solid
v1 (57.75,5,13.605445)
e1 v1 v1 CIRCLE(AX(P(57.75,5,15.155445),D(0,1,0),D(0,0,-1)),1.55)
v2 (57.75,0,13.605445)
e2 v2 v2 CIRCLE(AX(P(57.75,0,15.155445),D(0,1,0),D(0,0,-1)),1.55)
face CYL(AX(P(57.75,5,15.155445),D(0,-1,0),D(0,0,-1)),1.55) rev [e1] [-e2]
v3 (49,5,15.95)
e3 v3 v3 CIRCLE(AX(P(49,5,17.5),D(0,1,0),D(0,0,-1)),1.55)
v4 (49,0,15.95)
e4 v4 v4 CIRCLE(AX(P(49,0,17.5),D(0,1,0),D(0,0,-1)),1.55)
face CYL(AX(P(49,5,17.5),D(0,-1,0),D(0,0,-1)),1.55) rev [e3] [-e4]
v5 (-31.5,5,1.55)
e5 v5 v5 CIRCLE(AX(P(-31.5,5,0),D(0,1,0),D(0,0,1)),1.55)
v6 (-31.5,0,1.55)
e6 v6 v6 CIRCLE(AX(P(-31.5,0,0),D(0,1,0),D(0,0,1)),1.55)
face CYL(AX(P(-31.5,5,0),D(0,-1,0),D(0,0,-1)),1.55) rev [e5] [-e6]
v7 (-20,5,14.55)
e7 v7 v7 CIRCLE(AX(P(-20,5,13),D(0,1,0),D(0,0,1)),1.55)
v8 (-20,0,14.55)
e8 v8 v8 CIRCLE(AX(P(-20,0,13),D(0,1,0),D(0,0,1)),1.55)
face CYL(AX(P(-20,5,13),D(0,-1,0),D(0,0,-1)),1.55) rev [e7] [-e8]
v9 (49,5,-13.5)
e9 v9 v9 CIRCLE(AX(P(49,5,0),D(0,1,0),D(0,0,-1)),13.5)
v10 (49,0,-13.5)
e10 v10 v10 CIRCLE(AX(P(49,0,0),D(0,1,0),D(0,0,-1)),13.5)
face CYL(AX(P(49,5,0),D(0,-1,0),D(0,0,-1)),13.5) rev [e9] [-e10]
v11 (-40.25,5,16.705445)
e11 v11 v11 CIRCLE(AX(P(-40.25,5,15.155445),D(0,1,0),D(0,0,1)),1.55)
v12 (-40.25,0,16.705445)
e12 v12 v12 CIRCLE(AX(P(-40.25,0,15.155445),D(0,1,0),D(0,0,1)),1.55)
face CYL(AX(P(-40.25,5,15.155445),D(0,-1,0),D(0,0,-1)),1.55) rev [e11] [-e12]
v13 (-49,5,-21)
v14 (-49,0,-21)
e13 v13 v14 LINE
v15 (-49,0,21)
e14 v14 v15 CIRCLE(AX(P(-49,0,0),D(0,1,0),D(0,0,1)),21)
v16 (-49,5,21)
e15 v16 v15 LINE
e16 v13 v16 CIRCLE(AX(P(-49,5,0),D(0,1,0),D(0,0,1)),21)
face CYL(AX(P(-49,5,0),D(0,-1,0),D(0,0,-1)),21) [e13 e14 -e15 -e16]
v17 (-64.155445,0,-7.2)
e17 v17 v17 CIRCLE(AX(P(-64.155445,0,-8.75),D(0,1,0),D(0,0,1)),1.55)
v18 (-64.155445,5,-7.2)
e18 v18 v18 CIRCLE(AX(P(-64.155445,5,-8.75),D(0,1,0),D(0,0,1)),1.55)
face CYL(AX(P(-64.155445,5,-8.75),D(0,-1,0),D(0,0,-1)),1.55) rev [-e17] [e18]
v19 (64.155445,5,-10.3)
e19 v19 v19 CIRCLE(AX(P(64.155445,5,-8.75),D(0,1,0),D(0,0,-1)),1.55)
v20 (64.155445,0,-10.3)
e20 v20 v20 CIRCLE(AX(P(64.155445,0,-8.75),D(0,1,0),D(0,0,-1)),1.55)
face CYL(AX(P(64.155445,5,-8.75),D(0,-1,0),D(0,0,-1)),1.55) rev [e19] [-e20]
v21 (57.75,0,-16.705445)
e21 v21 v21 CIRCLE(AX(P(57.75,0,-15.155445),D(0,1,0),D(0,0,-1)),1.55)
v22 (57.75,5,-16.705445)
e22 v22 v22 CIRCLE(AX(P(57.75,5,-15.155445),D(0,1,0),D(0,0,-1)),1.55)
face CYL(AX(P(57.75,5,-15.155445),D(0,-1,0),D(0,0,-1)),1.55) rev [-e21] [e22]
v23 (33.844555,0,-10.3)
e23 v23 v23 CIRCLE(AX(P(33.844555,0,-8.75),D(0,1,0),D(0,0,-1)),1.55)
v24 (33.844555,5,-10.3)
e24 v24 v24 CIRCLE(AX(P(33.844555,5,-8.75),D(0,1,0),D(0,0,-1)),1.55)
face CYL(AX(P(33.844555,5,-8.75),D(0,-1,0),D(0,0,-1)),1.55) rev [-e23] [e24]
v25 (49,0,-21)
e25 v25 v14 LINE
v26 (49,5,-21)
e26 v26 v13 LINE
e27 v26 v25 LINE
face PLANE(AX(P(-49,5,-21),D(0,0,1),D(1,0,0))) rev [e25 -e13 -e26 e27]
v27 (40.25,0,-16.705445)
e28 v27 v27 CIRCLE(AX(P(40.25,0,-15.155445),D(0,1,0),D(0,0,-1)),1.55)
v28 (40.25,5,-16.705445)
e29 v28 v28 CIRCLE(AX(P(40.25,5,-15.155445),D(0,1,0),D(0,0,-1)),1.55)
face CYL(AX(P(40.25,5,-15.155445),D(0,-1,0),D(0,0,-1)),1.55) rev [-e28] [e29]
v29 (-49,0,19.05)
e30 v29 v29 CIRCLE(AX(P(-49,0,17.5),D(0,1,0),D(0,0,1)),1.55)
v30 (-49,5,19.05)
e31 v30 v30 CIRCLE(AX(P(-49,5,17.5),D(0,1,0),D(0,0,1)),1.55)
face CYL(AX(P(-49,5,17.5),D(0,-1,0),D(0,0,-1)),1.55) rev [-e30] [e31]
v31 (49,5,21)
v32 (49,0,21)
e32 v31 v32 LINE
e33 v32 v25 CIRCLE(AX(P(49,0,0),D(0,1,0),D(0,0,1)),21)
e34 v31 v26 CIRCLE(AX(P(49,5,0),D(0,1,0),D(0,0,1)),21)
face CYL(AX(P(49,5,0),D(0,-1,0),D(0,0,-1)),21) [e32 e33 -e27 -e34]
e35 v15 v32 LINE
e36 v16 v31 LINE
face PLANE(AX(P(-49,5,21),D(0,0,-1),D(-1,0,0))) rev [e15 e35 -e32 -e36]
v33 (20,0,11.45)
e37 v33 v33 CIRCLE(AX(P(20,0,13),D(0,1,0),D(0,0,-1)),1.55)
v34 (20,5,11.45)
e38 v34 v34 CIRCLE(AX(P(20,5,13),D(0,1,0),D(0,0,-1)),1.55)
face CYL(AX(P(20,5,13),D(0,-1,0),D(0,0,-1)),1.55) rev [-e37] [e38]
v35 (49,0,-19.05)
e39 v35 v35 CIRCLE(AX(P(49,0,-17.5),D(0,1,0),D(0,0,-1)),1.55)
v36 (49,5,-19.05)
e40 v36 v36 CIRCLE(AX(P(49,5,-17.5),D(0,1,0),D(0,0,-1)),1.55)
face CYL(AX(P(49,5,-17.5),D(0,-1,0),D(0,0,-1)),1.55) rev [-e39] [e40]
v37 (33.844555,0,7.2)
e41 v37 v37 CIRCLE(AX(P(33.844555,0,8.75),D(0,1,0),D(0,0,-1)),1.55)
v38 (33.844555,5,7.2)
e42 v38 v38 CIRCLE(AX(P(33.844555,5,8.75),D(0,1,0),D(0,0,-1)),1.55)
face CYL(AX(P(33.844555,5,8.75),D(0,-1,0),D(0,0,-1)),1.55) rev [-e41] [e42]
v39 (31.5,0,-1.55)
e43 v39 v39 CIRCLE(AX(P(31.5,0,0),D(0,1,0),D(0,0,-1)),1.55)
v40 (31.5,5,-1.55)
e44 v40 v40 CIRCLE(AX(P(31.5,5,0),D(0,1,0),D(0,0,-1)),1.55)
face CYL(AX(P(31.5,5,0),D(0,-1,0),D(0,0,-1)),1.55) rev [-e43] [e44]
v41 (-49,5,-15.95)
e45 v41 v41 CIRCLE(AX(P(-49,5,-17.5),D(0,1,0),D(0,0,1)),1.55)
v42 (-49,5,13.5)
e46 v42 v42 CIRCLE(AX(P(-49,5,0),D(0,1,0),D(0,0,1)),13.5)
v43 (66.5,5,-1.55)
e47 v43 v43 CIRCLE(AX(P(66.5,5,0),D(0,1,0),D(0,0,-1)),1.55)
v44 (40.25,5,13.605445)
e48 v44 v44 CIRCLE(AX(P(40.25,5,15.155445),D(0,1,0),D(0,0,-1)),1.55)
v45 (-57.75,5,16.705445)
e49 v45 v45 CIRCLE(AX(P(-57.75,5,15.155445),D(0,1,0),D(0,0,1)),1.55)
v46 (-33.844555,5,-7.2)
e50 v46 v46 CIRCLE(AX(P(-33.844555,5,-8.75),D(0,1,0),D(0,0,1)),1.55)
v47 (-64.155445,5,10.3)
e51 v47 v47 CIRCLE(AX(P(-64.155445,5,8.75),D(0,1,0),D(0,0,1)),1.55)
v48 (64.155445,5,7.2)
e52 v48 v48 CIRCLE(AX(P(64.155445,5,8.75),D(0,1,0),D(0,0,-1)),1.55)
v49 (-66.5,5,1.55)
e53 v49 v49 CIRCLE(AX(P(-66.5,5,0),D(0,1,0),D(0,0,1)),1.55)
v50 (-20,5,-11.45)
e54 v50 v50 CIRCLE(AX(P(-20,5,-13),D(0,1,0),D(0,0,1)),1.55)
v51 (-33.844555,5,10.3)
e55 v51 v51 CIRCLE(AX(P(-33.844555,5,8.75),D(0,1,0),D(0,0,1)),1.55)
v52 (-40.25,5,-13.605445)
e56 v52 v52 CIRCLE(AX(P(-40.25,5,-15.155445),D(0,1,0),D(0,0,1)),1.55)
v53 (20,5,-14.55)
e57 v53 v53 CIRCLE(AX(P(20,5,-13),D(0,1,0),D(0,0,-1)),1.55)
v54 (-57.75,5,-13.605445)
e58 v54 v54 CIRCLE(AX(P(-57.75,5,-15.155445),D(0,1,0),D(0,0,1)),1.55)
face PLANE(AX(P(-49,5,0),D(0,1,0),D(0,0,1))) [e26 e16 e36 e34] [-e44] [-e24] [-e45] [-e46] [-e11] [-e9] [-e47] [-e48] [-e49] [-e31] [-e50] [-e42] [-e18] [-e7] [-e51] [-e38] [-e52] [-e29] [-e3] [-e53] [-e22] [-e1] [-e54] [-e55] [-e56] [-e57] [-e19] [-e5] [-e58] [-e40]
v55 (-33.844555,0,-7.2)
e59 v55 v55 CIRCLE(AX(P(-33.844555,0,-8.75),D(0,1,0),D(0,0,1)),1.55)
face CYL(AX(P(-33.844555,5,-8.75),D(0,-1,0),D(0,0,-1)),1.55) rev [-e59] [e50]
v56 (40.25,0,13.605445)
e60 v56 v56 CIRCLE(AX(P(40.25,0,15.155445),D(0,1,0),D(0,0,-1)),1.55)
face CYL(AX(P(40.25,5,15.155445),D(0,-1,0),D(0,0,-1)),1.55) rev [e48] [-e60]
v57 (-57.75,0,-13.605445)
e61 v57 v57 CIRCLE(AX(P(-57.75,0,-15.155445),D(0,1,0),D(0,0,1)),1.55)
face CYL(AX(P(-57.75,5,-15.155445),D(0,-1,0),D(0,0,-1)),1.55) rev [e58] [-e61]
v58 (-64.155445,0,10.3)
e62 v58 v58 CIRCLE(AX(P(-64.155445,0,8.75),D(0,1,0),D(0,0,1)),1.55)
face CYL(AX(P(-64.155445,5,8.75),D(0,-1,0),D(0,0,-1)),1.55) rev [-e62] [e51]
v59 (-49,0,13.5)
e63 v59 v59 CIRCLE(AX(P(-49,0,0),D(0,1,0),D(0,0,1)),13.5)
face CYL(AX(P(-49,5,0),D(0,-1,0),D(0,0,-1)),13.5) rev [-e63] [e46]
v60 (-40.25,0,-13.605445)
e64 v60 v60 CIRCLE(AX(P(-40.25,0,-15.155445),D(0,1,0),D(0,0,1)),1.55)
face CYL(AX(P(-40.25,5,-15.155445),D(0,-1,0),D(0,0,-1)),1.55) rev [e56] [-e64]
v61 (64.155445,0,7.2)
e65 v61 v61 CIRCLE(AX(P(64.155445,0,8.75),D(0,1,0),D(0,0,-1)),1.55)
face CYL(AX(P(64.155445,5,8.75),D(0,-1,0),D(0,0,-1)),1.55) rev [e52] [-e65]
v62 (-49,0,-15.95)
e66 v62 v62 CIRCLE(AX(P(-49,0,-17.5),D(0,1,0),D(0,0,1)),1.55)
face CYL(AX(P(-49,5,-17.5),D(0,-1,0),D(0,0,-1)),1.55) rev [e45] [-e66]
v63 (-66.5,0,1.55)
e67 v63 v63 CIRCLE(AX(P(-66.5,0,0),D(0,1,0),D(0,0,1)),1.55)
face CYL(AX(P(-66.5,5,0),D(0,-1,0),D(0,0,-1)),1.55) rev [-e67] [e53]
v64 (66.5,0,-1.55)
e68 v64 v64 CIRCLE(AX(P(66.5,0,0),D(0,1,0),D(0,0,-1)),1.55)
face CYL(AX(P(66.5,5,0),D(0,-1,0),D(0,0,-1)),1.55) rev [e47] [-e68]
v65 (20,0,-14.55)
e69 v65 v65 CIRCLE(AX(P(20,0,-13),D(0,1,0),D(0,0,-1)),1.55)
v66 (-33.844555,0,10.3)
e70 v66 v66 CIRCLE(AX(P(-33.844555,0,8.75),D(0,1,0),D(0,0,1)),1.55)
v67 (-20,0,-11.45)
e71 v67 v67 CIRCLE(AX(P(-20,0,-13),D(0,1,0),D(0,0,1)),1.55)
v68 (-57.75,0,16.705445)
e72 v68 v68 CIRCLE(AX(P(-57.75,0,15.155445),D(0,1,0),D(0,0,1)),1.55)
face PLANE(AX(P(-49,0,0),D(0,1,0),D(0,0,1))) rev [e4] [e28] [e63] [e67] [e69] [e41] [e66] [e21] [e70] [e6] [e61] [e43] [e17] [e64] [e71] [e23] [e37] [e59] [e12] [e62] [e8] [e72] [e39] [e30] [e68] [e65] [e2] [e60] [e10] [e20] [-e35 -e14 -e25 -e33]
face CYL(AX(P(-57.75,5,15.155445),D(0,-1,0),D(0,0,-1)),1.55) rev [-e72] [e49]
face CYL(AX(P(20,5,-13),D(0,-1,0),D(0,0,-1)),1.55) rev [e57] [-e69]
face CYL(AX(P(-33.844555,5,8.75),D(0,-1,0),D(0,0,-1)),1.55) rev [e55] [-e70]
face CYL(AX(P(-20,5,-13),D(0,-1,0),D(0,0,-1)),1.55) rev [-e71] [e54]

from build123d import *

# Parameters (mm, degrees)
SKETCH_1_R      = 13.5
SKETCH_1_R_2    = 1.55
EXTRUDE_1_DEPTH = 5


with BuildPart() as part:
    # 草图1 → 凸台-拉伸1 (new body)
    with BuildSketch(Plane(origin=(0, 0, 0), x_dir=(1, 0, 0), z_dir=(0, 1, 0))):
        with BuildLine():
            Line((-49, 21), (49, 21))
            ThreePointArc((49, 21), (70, 0), (49, -21))
            Line((49, -21), (-49, -21))
            ThreePointArc((-49, -21), (-70, 0), (-49, 21))
        make_face()
        with Locations(Location((-49, 0, 0), (0, 0, 270))):
            Circle(SKETCH_1_R, mode=Mode.SUBTRACT)
        with Locations(Location((-49, 17.5, 0), (0, 0, 270))):
            Circle(SKETCH_1_R_2, mode=Mode.SUBTRACT)
        with Locations(Location((-20, 13, 0), (0, 0, 270))):
            Circle(SKETCH_1_R_2, mode=Mode.SUBTRACT)
        with Locations(Location((-20, -13, 0), (0, 0, 270))):
            Circle(SKETCH_1_R_2, mode=Mode.SUBTRACT)
        with Locations(Location((-40.25, 15.155444566, 0), (0, 0, 270))):
            Circle(SKETCH_1_R_2, mode=Mode.SUBTRACT)
        with Locations(Location((-33.844555434, 8.75, 0), (0, 0, 270))):
            Circle(SKETCH_1_R_2, mode=Mode.SUBTRACT)
        with Locations(Location((-31.5, 0, 0), (0, 0, 270))):
            Circle(SKETCH_1_R_2, mode=Mode.SUBTRACT)
        with Locations(Location((-33.844555434, -8.75, 0), (0, 0, 270))):
            Circle(SKETCH_1_R_2, mode=Mode.SUBTRACT)
        with Locations(Location((-40.25, -15.155444566, 0), (0, 0, 270))):
            Circle(SKETCH_1_R_2, mode=Mode.SUBTRACT)
        with Locations(Location((-49, -17.5, 0), (0, 0, 270))):
            Circle(SKETCH_1_R_2, mode=Mode.SUBTRACT)
        with Locations(Location((-57.75, -15.155444566, 0), (0, 0, 270))):
            Circle(SKETCH_1_R_2, mode=Mode.SUBTRACT)
        with Locations(Location((-64.155444566, -8.75, 0), (0, 0, 270))):
            Circle(SKETCH_1_R_2, mode=Mode.SUBTRACT)
        with Locations(Location((-66.5, 0, 0), (0, 0, 270))):
            Circle(SKETCH_1_R_2, mode=Mode.SUBTRACT)
        with Locations(Location((-64.155444566, 8.75, 0), (0, 0, 270))):
            Circle(SKETCH_1_R_2, mode=Mode.SUBTRACT)
        with Locations(Location((-57.75, 15.155444566, 0), (0, 0, 270))):
            Circle(SKETCH_1_R_2, mode=Mode.SUBTRACT)
        with Locations(Location((57.75, 15.155444566, 0), (0, 0, 90))):
            Circle(SKETCH_1_R_2, mode=Mode.SUBTRACT)
        with Locations(Location((64.155444566, 8.75, 0), (0, 0, 90))):
            Circle(SKETCH_1_R_2, mode=Mode.SUBTRACT)
        with Locations(Location((66.5, 0, 0), (0, 0, 90))):
            Circle(SKETCH_1_R_2, mode=Mode.SUBTRACT)
        with Locations(Location((64.155444566, -8.75, 0), (0, 0, 90))):
            Circle(SKETCH_1_R_2, mode=Mode.SUBTRACT)
        with Locations(Location((57.75, -15.155444566, 0), (0, 0, 90))):
            Circle(SKETCH_1_R_2, mode=Mode.SUBTRACT)
        with Locations(Location((49, -17.5, 0), (0, 0, 90))):
            Circle(SKETCH_1_R_2, mode=Mode.SUBTRACT)
        with Locations(Location((40.25, -15.155444566, 0), (0, 0, 90))):
            Circle(SKETCH_1_R_2, mode=Mode.SUBTRACT)
        with Locations(Location((33.844555434, -8.75, 0), (0, 0, 90))):
            Circle(SKETCH_1_R_2, mode=Mode.SUBTRACT)
        with Locations(Location((31.5, 0, 0), (0, 0, 90))):
            Circle(SKETCH_1_R_2, mode=Mode.SUBTRACT)
        with Locations(Location((40.25, 15.155444566, 0), (0, 0, 90))):
            Circle(SKETCH_1_R_2, mode=Mode.SUBTRACT)
        with Locations(Location((20, -13, 0), (0, 0, 90))):
            Circle(SKETCH_1_R_2, mode=Mode.SUBTRACT)
        with Locations(Location((20, 13, 0), (0, 0, 90))):
            Circle(SKETCH_1_R_2, mode=Mode.SUBTRACT)
        with Locations(Location((49, 17.5, 0), (0, 0, 90))):
            Circle(SKETCH_1_R_2, mode=Mode.SUBTRACT)
        with Locations(Location((49, 0, 0), (0, 0, 90))):
            Circle(SKETCH_1_R, mode=Mode.SUBTRACT)
        with Locations(Location((33.844555434, 8.75, 0), (0, 0, 90))):
            Circle(SKETCH_1_R_2, mode=Mode.SUBTRACT)
    extrude(amount=EXTRUDE_1_DEPTH)


solid = part.part
